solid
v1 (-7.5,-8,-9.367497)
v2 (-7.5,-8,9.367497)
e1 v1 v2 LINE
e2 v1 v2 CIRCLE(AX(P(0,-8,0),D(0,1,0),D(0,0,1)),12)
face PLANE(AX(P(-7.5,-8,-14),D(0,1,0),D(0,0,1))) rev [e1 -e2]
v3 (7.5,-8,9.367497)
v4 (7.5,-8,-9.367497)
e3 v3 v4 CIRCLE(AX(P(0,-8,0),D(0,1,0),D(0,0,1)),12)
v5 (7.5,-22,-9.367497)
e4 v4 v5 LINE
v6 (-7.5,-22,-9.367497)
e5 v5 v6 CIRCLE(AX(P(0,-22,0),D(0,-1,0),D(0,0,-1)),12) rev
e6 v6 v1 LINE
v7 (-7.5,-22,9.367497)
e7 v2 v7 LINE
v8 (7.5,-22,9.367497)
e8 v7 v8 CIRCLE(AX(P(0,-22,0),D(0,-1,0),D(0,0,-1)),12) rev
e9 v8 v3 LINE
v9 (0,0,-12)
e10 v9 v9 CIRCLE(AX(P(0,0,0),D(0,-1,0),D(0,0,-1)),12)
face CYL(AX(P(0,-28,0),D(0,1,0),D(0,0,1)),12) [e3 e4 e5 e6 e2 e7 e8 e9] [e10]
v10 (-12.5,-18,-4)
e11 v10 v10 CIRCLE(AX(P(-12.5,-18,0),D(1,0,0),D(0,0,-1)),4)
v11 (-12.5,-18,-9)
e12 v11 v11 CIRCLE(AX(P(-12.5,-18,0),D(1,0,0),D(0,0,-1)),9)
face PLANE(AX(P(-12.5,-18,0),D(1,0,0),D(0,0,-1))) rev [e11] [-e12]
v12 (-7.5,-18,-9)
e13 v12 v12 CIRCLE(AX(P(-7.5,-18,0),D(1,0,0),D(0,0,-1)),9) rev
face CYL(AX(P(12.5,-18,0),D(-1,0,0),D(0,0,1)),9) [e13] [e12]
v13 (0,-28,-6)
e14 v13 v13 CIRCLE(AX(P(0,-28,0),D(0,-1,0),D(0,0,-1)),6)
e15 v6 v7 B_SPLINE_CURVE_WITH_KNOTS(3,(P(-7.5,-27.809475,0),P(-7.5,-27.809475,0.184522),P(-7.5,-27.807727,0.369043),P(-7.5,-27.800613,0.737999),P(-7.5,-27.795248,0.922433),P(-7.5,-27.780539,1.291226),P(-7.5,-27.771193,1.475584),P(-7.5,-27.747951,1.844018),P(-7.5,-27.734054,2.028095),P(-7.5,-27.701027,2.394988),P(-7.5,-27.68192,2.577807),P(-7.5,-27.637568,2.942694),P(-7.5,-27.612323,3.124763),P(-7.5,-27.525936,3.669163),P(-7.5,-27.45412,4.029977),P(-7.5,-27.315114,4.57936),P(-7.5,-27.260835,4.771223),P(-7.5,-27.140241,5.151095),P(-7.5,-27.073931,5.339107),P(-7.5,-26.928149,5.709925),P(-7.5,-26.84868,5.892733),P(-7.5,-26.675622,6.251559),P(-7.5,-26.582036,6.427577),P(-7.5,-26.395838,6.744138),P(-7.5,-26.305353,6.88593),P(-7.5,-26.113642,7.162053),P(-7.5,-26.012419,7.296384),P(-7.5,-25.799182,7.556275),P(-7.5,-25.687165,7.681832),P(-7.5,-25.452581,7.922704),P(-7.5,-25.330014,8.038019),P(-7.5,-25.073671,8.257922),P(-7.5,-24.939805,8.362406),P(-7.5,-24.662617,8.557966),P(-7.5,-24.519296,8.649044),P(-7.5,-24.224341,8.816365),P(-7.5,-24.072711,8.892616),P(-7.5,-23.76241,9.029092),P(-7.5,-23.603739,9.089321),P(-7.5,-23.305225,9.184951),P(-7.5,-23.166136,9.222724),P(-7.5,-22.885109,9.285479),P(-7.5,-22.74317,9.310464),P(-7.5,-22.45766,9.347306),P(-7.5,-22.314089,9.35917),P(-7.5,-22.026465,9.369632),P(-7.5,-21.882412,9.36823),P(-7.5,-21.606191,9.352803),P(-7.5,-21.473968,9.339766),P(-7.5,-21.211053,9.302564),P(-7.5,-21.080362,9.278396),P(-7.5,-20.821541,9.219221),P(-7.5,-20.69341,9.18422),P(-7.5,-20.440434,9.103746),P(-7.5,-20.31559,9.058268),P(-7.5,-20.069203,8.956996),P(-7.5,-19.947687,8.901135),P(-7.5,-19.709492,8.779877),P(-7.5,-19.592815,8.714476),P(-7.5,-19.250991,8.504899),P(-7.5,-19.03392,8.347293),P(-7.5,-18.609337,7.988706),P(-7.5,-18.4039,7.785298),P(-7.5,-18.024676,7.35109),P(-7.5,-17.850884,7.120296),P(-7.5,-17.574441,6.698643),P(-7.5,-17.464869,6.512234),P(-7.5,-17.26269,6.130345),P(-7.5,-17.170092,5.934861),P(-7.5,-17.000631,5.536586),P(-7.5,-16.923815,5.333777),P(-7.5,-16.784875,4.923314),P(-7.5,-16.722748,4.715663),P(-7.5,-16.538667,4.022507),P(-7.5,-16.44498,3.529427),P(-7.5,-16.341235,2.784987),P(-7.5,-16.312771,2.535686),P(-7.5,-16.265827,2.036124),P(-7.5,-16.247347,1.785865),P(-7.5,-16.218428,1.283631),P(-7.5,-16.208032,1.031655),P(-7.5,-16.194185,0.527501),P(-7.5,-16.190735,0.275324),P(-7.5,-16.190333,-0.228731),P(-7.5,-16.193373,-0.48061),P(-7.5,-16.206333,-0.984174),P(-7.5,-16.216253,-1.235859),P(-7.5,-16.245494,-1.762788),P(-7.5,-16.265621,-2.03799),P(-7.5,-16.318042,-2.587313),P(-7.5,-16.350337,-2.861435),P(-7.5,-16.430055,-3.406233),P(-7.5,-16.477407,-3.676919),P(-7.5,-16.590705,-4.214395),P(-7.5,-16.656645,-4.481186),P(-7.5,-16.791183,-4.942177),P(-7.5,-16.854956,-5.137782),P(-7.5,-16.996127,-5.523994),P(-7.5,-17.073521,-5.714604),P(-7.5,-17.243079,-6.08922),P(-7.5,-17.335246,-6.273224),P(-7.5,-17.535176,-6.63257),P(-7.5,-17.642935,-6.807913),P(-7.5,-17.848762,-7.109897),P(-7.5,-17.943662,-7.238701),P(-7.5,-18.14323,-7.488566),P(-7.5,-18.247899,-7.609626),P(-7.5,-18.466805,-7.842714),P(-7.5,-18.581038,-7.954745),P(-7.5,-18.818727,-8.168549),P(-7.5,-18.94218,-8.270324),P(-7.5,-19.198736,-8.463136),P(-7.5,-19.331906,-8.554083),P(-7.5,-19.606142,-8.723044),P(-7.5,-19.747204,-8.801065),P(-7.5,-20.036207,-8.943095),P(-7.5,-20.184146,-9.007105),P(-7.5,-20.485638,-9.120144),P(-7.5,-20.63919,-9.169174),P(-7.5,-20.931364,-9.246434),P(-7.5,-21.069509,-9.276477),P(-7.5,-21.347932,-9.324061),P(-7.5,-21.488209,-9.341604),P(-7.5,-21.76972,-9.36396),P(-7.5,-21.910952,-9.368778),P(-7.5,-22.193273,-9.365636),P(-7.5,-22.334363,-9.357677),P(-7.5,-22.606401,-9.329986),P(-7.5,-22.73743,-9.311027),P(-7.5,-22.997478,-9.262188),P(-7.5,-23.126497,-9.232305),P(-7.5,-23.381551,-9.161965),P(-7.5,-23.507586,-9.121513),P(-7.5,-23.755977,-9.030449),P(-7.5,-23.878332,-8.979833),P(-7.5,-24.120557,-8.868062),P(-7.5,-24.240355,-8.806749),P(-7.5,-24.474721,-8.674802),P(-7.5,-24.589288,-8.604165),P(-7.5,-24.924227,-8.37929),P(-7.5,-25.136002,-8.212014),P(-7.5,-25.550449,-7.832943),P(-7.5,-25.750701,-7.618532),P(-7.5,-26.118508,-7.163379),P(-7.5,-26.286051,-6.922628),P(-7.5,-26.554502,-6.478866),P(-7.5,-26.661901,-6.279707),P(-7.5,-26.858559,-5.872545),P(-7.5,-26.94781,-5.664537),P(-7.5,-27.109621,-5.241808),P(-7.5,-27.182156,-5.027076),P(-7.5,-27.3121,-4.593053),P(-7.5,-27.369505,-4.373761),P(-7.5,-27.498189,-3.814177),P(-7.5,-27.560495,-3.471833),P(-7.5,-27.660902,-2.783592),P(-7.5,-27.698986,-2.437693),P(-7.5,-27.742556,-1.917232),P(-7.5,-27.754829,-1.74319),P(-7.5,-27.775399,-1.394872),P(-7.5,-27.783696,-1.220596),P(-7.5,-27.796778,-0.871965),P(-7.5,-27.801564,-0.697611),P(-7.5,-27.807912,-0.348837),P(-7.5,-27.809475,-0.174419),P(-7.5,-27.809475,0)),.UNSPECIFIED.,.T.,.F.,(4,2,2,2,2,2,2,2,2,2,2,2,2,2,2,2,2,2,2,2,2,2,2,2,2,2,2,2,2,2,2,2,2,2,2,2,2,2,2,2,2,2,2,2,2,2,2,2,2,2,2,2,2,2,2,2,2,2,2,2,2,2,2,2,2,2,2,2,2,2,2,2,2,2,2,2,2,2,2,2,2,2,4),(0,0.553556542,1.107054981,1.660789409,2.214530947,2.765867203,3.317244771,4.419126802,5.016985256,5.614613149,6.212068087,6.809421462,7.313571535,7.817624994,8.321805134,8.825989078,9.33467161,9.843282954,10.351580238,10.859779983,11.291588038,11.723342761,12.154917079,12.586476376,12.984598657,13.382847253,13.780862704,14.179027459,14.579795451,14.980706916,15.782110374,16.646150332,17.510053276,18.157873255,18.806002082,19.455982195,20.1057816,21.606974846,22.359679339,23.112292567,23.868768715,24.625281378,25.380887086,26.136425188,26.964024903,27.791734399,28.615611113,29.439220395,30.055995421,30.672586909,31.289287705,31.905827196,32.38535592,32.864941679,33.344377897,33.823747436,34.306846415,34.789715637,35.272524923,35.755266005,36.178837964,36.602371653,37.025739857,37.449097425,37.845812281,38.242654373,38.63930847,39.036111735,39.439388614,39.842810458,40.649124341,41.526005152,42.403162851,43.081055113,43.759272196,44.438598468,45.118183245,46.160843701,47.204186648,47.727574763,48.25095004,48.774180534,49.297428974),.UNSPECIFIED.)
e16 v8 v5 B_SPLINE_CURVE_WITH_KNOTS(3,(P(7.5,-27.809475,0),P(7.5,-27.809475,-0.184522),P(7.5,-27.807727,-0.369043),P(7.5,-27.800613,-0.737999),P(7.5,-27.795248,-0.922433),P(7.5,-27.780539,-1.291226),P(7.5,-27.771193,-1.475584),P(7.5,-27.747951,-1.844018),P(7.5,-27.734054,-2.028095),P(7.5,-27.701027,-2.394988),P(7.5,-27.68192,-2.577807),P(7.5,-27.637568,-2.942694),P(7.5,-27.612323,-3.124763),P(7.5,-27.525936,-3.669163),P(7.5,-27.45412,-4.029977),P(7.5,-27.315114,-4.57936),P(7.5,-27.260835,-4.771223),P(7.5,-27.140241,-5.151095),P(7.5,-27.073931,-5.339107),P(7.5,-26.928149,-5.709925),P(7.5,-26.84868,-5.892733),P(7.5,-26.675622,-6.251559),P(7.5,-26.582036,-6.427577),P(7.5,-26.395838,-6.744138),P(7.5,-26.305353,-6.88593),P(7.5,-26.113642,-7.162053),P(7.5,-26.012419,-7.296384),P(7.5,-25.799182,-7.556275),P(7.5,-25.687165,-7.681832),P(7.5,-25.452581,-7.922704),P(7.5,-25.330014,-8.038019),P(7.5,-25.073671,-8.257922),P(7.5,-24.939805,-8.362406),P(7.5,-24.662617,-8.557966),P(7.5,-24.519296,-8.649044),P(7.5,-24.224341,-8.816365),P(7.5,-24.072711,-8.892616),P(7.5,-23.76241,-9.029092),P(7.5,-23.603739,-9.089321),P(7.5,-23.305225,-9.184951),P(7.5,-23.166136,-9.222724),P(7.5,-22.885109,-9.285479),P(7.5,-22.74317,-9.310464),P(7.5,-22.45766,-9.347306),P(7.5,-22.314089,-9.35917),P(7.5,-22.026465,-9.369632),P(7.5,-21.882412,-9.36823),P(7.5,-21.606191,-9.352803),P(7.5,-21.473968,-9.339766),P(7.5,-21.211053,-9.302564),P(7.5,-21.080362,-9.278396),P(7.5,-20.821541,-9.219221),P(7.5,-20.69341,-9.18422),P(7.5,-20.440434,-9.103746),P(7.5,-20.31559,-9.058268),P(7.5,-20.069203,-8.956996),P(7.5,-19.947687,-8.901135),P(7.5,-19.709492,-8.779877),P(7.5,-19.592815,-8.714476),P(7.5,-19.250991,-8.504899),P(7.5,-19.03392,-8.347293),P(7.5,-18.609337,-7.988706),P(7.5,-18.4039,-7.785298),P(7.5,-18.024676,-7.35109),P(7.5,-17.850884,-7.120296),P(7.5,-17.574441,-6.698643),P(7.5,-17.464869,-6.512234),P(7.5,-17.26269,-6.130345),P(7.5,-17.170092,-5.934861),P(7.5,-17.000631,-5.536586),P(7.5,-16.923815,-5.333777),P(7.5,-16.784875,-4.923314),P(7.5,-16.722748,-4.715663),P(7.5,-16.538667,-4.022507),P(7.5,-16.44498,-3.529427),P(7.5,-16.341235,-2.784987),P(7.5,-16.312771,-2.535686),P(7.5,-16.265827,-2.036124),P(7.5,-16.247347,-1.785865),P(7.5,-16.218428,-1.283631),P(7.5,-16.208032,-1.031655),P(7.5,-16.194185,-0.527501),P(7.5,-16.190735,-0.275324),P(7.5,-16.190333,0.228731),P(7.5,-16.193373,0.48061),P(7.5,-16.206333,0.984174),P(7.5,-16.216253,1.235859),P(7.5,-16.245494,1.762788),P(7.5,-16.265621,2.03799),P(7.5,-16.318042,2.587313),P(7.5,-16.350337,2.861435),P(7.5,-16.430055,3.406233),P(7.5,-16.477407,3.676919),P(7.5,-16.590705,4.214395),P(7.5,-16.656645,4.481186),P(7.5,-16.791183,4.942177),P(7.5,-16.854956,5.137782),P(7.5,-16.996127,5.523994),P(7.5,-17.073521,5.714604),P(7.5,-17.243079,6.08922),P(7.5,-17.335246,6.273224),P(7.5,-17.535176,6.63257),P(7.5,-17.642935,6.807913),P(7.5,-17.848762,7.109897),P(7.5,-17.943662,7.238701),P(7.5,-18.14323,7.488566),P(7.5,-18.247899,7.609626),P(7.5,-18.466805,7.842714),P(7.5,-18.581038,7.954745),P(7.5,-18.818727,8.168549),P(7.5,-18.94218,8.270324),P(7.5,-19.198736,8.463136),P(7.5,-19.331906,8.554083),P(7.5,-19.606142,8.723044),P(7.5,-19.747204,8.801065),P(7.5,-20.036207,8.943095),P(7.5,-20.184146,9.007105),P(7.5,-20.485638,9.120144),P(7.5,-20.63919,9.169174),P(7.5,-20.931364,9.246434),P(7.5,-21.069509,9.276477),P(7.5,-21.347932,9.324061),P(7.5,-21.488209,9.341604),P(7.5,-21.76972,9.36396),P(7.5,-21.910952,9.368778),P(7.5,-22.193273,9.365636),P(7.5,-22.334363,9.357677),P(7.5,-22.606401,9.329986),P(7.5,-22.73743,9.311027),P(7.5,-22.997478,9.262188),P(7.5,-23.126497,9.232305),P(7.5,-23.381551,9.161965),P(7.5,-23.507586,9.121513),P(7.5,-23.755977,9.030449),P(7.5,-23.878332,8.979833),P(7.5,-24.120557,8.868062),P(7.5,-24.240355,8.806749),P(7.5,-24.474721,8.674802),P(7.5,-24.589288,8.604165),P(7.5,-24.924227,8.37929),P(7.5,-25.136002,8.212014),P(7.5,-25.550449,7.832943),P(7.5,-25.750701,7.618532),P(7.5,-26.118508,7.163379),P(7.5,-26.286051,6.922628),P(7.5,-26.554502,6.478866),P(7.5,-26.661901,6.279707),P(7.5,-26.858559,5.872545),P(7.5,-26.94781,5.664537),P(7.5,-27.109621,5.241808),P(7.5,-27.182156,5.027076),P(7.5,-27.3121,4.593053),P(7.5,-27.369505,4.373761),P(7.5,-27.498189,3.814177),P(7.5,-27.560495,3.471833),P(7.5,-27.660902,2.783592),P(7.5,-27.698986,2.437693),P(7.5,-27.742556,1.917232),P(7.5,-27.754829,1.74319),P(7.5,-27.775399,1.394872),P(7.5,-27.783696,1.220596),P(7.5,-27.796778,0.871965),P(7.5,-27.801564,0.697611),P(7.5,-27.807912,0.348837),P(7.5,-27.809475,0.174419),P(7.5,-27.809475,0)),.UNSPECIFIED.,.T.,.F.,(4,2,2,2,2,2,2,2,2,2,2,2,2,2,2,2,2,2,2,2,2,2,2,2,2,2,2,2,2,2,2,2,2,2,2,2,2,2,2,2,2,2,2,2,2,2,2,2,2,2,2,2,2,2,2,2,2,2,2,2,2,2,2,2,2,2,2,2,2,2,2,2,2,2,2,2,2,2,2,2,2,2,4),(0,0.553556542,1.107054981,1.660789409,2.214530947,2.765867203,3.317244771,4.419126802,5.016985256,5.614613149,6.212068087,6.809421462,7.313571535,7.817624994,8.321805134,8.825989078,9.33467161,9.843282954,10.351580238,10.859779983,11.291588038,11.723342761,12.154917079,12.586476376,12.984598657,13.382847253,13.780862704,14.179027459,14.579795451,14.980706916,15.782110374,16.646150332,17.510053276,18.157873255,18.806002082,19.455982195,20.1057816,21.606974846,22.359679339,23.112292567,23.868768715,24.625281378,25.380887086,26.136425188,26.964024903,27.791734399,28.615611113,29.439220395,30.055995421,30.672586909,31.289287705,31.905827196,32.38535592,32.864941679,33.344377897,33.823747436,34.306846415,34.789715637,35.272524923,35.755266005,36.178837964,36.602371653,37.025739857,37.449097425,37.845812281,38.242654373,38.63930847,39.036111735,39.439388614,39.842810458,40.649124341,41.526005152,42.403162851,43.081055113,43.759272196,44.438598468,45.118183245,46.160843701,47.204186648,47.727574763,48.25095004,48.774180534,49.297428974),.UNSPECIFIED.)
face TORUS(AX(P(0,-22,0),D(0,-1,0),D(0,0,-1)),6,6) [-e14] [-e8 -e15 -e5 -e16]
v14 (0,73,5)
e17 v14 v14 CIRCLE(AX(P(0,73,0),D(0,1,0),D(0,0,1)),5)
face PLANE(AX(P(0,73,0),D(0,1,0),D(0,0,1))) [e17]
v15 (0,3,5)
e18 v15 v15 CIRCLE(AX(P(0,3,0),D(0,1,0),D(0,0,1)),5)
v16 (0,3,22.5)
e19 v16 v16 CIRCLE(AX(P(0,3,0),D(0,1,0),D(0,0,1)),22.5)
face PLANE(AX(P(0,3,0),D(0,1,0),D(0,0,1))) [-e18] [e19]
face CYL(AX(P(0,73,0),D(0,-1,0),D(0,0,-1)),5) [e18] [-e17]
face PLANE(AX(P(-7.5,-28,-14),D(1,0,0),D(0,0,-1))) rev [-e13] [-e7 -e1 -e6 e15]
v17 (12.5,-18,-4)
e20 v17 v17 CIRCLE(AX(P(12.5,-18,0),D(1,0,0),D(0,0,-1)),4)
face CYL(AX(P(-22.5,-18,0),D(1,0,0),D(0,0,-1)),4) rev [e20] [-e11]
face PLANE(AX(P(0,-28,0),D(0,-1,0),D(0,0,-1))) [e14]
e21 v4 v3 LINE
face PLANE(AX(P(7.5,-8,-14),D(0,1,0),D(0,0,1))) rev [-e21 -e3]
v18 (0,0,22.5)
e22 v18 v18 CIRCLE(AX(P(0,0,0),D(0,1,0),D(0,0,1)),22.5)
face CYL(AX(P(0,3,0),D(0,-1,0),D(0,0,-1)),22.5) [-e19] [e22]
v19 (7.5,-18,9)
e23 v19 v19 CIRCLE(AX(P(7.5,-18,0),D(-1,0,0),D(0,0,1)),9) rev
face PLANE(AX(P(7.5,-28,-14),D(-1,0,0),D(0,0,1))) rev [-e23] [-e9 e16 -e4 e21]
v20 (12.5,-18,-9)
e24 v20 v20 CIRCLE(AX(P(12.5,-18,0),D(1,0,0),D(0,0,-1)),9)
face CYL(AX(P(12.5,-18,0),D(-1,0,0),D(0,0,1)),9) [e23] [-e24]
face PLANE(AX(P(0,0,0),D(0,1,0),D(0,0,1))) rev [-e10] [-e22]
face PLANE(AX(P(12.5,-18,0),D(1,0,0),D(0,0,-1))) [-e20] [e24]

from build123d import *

# Parameters (mm, degrees)
SKETCH1_R           = 22.5
BOSS_EXTRUDE1_DEPTH = 3
SKETCH2_R           = 5
BOSS_EXTRUDE2_DEPTH = 70
SKETCH3_R           = 12
BOSS_EXTRUDE3_DEPTH = 28
FILLET1_R           = 6
SKETCH4_W           = 14.522746449
SKETCH4_H           = 20
CUT_EXTRUDE2_DEPTH  = 14
SKETCH5_R           = 4
CUT_EXTRUDE3_DEPTH  = 31
SKETCH7_R           = 9
SKETCH7_R_2         = 4
BOSS_EXTRUDE4_DEPTH = 12.5


with BuildPart() as part:
    # Sketch1 → Boss-Extrude1 (new body)
    with BuildSketch(Plane(origin=(0, 0, 0), x_dir=(1, 0, 0), z_dir=(0, 1, 0))):
        Circle(SKETCH1_R)
    extrude(amount=BOSS_EXTRUDE1_DEPTH)

    # Sketch2 → Boss-Extrude2 (add)
    with BuildSketch(Plane(origin=(0, 3, 0), x_dir=(1, 0, 0), z_dir=(0, 1, 0))):
        Circle(SKETCH2_R)
    extrude(amount=BOSS_EXTRUDE2_DEPTH)

    # Sketch3 → Boss-Extrude3 (add)
    with BuildSketch(Plane.XZ):
        Circle(SKETCH3_R)
    extrude(amount=BOSS_EXTRUDE3_DEPTH)

    # Fillet1
    fillet1_edges = [part.edges().sort_by_distance(p)[0] for p in [
        (-12, -28, 0),
    ]]
    fillet(fillet1_edges, radius=FILLET1_R)

    # Sketch4 → Cut-Extrude2 (cut, symmetric)
    with BuildSketch(Plane.XY):
        with Locations((-14.761373225, -18)):
            Rectangle(SKETCH4_W, SKETCH4_H)
        with Locations((14.761373225, -18)):
            Rectangle(SKETCH4_W, SKETCH4_H)
    extrude(amount=CUT_EXTRUDE2_DEPTH, both=True, mode=Mode.SUBTRACT)

    # Sketch5 → Cut-Extrude3 (cut, through all)
    with BuildSketch(Plane(origin=(7.5, 0, 0), x_dir=(0, 0, -1), z_dir=(1, 0, 0))):
        with Locations((0, -18)):
            Circle(SKETCH5_R)
    extrude(amount=-CUT_EXTRUDE3_DEPTH, mode=Mode.SUBTRACT)

    # Sketch7 → Boss-Extrude4 (add, symmetric)
    with BuildSketch(Plane(origin=(0, 0, 0), x_dir=(0, 0, -1), z_dir=(1, 0, 0))):
        with Locations((0, -18)):
            Circle(SKETCH7_R)
        with Locations((0, -18)):
            Circle(SKETCH7_R_2, mode=Mode.SUBTRACT)
    extrude(amount=BOSS_EXTRUDE4_DEPTH, both=True)


solid = part.part
